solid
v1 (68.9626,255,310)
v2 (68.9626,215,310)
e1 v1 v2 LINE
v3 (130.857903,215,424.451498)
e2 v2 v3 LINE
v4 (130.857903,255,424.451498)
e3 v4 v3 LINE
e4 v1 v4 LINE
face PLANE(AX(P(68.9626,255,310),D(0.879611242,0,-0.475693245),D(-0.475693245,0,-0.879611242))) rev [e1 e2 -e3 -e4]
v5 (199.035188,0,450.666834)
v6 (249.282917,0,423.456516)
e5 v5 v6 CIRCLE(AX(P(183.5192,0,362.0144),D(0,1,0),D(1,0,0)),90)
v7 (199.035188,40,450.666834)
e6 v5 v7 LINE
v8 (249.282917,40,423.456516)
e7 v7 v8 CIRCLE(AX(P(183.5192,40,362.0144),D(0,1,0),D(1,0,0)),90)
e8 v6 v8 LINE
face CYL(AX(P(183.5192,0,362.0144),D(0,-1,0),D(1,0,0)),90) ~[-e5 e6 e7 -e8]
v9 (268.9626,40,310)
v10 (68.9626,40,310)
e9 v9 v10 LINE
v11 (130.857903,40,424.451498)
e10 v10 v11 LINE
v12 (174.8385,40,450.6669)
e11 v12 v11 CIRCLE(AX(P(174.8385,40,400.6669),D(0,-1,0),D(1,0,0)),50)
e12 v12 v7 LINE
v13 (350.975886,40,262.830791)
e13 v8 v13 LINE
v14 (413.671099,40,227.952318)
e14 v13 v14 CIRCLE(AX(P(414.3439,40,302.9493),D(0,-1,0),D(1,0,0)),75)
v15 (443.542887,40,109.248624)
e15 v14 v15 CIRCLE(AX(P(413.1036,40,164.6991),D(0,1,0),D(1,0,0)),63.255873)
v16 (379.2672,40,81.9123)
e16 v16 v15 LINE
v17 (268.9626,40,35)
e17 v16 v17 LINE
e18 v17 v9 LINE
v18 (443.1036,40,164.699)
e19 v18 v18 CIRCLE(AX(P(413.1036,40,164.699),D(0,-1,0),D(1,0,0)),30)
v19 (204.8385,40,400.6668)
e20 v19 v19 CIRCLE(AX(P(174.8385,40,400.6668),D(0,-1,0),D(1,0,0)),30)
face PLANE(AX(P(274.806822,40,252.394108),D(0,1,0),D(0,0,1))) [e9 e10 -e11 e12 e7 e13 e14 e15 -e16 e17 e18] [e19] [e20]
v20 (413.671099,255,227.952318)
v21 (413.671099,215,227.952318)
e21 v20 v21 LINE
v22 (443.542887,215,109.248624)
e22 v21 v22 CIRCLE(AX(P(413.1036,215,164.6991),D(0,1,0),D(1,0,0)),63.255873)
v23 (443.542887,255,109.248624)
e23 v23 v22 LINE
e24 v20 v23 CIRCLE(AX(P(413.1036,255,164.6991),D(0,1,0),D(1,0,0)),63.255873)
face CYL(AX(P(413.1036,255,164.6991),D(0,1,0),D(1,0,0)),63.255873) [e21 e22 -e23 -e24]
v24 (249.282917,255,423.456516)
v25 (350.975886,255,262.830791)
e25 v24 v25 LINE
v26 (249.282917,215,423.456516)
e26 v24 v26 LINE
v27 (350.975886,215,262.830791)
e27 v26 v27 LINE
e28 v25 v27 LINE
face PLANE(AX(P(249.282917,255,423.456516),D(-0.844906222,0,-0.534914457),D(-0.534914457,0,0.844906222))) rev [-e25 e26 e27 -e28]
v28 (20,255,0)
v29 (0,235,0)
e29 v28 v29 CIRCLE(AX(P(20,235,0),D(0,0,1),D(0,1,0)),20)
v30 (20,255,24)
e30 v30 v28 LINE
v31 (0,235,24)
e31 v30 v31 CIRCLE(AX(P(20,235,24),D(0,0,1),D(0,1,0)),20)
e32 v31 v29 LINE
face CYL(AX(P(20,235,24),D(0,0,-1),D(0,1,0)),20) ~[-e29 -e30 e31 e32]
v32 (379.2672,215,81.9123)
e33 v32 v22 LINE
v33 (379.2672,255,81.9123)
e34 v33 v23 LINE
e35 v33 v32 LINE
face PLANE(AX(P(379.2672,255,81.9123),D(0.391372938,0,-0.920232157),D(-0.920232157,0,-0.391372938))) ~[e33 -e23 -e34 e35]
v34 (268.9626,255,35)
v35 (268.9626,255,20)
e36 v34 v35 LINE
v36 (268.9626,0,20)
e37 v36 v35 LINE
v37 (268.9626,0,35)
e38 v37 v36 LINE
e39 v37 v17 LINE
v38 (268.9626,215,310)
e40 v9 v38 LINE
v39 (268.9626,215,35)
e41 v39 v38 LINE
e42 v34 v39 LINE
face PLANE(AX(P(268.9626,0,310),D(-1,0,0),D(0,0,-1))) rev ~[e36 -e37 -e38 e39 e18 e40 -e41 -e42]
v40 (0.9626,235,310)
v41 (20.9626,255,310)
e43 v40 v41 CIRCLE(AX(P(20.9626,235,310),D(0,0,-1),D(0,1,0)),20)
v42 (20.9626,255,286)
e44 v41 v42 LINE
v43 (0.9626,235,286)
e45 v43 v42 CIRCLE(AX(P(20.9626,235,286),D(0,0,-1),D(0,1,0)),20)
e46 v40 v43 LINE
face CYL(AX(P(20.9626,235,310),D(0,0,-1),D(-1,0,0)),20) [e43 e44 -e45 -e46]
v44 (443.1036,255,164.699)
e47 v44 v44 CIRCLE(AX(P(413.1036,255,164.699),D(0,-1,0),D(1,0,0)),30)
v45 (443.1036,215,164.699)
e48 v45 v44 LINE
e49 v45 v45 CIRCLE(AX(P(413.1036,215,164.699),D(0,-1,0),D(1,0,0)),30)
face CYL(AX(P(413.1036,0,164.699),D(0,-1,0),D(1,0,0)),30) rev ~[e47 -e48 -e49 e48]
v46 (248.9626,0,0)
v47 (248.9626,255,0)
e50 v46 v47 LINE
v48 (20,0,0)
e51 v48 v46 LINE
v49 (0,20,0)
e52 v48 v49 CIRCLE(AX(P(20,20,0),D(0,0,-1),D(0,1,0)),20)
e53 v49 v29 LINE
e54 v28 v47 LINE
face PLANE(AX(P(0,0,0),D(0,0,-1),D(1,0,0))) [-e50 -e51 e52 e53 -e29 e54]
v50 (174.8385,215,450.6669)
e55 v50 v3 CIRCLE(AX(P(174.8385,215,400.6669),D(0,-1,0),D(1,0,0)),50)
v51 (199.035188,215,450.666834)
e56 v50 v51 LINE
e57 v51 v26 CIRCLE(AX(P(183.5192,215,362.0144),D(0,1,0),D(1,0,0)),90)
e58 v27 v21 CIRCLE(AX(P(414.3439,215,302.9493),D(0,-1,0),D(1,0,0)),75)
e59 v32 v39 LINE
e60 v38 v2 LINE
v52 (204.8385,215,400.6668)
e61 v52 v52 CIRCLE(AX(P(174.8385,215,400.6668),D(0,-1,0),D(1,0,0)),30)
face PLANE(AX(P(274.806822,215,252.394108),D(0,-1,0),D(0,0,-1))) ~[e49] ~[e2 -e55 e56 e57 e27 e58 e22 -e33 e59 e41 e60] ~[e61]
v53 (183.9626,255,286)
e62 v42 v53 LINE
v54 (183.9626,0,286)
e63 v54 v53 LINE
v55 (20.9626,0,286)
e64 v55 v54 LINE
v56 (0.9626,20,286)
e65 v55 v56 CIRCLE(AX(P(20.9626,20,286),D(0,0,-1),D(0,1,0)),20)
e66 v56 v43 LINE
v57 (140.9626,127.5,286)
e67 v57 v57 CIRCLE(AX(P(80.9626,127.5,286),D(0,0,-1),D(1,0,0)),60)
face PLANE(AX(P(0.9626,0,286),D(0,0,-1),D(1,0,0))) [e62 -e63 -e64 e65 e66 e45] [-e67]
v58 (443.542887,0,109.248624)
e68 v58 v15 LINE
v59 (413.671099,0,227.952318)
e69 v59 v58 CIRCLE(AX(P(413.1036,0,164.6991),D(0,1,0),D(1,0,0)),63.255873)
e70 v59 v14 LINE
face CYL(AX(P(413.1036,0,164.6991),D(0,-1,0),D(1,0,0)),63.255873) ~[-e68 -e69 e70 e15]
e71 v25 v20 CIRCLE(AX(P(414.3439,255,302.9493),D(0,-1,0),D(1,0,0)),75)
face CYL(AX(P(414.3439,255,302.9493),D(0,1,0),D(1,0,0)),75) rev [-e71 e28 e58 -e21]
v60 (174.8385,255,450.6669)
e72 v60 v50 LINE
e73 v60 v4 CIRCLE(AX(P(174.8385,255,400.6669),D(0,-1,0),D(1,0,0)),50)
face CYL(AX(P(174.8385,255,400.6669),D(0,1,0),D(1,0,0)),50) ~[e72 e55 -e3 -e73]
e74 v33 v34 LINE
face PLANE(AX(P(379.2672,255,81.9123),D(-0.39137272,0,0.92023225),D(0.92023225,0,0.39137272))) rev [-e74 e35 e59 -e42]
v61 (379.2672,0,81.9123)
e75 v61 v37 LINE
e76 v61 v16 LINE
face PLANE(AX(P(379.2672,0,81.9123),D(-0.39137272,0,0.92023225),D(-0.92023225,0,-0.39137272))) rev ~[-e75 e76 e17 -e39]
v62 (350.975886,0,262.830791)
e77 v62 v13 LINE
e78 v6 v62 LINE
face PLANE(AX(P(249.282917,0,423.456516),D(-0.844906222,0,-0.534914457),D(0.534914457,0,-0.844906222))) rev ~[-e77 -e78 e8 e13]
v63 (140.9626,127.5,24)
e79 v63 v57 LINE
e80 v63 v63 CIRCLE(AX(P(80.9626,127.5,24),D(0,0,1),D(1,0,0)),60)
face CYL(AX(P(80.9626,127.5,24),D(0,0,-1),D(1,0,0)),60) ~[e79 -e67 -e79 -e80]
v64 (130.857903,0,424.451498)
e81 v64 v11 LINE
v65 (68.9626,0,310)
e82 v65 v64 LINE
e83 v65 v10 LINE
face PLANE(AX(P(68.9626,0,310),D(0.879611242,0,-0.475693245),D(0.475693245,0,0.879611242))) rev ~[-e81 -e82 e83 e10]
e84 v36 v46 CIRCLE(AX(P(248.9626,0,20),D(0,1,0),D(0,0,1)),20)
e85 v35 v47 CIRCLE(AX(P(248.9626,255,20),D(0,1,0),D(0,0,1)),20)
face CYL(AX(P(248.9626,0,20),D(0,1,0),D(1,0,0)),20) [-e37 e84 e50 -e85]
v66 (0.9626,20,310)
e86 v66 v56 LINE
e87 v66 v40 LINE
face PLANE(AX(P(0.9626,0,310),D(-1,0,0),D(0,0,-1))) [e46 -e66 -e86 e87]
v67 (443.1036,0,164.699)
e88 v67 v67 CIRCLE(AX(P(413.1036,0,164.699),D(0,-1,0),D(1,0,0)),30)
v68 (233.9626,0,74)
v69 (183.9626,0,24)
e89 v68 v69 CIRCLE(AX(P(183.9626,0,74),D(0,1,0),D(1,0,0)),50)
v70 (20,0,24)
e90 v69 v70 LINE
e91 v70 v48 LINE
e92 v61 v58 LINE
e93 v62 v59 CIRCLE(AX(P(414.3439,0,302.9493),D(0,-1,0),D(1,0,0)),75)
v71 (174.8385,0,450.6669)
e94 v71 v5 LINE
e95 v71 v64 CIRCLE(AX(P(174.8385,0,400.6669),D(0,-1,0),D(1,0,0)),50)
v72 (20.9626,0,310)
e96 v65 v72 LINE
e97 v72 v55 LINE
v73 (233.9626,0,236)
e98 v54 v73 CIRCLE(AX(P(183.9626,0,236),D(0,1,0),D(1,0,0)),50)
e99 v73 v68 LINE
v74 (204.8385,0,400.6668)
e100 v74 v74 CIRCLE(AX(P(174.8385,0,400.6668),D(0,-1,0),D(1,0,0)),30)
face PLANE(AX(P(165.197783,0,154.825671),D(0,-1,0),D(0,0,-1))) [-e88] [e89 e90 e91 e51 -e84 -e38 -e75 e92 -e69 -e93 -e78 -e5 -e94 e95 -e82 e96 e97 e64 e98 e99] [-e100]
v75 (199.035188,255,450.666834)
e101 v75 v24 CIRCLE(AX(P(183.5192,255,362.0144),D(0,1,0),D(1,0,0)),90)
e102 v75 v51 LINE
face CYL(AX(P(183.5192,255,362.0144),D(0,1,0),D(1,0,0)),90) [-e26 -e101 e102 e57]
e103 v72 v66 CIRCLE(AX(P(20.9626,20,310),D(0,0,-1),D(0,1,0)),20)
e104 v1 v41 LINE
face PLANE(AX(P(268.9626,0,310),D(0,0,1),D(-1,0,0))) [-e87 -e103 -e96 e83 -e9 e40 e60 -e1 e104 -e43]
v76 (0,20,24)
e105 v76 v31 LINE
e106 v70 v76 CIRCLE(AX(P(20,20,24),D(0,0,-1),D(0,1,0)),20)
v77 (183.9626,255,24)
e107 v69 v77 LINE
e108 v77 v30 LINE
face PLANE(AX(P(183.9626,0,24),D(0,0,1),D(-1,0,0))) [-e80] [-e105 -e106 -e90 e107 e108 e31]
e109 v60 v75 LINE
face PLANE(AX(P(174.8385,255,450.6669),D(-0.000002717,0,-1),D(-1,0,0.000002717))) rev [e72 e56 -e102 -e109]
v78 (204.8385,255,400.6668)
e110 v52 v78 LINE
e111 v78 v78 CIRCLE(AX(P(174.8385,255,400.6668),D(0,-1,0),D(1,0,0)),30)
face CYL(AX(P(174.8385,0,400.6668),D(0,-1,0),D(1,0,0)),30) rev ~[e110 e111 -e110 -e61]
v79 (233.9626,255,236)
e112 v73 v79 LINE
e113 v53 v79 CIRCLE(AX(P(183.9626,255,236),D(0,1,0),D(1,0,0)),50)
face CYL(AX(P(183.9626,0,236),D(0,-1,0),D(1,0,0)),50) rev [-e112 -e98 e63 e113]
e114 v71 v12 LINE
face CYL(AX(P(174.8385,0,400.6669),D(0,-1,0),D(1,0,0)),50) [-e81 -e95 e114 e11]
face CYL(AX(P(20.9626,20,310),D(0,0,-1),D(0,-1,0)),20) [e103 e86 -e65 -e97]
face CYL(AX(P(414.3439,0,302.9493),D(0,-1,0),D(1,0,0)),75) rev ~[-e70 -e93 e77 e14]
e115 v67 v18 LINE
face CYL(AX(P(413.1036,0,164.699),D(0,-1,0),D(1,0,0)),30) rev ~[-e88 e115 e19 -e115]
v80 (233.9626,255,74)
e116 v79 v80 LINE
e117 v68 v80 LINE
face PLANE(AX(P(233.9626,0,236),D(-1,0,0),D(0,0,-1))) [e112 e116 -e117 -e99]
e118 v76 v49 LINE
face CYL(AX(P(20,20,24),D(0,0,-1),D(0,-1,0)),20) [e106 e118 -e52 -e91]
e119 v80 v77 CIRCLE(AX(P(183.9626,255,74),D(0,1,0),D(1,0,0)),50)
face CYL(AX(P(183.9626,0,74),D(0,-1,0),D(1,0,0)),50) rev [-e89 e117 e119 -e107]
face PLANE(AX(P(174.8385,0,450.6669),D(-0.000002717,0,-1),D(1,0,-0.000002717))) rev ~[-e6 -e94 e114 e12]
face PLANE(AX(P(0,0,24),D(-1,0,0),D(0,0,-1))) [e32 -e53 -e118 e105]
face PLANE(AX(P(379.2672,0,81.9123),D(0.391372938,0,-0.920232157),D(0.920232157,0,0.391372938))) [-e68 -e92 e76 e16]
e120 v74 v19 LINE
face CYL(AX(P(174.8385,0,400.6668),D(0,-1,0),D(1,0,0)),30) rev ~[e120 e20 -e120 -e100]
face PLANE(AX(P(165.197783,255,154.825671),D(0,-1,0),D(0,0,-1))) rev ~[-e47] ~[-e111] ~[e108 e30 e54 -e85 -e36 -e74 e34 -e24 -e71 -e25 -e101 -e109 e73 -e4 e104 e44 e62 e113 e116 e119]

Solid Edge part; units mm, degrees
sketch "Sketch1" plane through (0, 0, 0) normal (0, -1, 0) x (1, 0, 0)
  line L0 (268.9626, 310) -> (0.9626, 310)
  line L1 (0.9626, 310) -> (0.9626, 286)
  line L2 (0.9626, 286) -> (183.9626, 286)
  arc A0 (183.9626, 286) -> (233.9626, 236) centre (183.9626, 236) cw
  line L3 (233.9626, 236) -> (233.9626, 74)
  arc A1 (233.9626, 74) -> (183.9626, 24) centre (183.9626, 74) cw
  line L4 (183.9626, 24) -> (0, 24)
  line L5 (0, 24) -> (0, 0)
  line L6 (0, 0) -> (268.9626, 0)
  line L7 (268.9626, 310) -> (268.9626, 0)
extrude "Protrusion1" add sketch "Sketch1" against normal blind 255
sketch "Sketch2" plane through (134.4813, 0, 155) normal (0, -1, 0) x (1, 0, 0)
  arc A0 (216.4946, 107.8308) -> (279.1898, 72.9524) centre (279.8626, 147.9493) ccw
  arc A1 (279.1898, 72.9524) -> (309.0616, -45.7514) centre (278.6223, 9.6991) cw
  line L0 (244.7859, -73.0877) -> (309.0616, -45.7514)
  line L1 (244.7859, -73.0877) -> (134.4813, -120)
  line L2 (134.4813, -120) -> (134.4813, 155)
  line L3 (134.4813, 155) -> (-65.5187, 155)
  line L4 (-65.5187, 155) -> (-3.6234, 269.4515)
  arc A2 (40.3572, 295.6669) -> (-3.6234, 269.4515) centre (40.3572, 245.6669) ccw
  line L5 (40.3572, 295.6669) -> (64.5539, 295.6669)
  arc A3 (64.5539, 295.6669) -> (114.8016, 268.4565) centre (49.0379, 207.0144) cw
  line L6 (114.8016, 268.4565) -> (216.4946, 107.8308)
extrude "ExtrudedProtrusion_2" add sketch "Sketch2" against normal blind 40
mirror "Mirror1" about plane through (238.1797, 127.5, 225.3334) normal (0, -1, 0) of "ExtrudedProtrusion_2"
fillet "Round_1" radius 20 4 edges at (0.9626, 0, 298) (0, 0, 12) (0, 255, 12) (0.9626, 255, 298)
sketch "Sketch3" plane through (248.1797, 0, 225.3334) normal (0, -1, 0) x (1, 0, 0)
  circle A0 centre (-73.3412, 175.3334) radius 30
  circle A1 centre (164.9239, -60.6344) radius 30
extrude "Cutout1" cut sketch "Sketch3" against normal through all
sketch "Sketch4" plane through (91.9813, 117.5, 24) normal (0, 0, 1) x (1, 0, 0)
  circle A0 centre (-11.0187, 10) radius 60
  dimension "D1" = 120
  dimension "D2" = 127.5
  dimension "D3" = 127.5
  dimension "D4" = 80
extrude "Protrusion3" add sketch "Sketch4" along normal up to next
fillet "Round_2" radius 20 1 edges at (268.9626, 127.5, 0)
